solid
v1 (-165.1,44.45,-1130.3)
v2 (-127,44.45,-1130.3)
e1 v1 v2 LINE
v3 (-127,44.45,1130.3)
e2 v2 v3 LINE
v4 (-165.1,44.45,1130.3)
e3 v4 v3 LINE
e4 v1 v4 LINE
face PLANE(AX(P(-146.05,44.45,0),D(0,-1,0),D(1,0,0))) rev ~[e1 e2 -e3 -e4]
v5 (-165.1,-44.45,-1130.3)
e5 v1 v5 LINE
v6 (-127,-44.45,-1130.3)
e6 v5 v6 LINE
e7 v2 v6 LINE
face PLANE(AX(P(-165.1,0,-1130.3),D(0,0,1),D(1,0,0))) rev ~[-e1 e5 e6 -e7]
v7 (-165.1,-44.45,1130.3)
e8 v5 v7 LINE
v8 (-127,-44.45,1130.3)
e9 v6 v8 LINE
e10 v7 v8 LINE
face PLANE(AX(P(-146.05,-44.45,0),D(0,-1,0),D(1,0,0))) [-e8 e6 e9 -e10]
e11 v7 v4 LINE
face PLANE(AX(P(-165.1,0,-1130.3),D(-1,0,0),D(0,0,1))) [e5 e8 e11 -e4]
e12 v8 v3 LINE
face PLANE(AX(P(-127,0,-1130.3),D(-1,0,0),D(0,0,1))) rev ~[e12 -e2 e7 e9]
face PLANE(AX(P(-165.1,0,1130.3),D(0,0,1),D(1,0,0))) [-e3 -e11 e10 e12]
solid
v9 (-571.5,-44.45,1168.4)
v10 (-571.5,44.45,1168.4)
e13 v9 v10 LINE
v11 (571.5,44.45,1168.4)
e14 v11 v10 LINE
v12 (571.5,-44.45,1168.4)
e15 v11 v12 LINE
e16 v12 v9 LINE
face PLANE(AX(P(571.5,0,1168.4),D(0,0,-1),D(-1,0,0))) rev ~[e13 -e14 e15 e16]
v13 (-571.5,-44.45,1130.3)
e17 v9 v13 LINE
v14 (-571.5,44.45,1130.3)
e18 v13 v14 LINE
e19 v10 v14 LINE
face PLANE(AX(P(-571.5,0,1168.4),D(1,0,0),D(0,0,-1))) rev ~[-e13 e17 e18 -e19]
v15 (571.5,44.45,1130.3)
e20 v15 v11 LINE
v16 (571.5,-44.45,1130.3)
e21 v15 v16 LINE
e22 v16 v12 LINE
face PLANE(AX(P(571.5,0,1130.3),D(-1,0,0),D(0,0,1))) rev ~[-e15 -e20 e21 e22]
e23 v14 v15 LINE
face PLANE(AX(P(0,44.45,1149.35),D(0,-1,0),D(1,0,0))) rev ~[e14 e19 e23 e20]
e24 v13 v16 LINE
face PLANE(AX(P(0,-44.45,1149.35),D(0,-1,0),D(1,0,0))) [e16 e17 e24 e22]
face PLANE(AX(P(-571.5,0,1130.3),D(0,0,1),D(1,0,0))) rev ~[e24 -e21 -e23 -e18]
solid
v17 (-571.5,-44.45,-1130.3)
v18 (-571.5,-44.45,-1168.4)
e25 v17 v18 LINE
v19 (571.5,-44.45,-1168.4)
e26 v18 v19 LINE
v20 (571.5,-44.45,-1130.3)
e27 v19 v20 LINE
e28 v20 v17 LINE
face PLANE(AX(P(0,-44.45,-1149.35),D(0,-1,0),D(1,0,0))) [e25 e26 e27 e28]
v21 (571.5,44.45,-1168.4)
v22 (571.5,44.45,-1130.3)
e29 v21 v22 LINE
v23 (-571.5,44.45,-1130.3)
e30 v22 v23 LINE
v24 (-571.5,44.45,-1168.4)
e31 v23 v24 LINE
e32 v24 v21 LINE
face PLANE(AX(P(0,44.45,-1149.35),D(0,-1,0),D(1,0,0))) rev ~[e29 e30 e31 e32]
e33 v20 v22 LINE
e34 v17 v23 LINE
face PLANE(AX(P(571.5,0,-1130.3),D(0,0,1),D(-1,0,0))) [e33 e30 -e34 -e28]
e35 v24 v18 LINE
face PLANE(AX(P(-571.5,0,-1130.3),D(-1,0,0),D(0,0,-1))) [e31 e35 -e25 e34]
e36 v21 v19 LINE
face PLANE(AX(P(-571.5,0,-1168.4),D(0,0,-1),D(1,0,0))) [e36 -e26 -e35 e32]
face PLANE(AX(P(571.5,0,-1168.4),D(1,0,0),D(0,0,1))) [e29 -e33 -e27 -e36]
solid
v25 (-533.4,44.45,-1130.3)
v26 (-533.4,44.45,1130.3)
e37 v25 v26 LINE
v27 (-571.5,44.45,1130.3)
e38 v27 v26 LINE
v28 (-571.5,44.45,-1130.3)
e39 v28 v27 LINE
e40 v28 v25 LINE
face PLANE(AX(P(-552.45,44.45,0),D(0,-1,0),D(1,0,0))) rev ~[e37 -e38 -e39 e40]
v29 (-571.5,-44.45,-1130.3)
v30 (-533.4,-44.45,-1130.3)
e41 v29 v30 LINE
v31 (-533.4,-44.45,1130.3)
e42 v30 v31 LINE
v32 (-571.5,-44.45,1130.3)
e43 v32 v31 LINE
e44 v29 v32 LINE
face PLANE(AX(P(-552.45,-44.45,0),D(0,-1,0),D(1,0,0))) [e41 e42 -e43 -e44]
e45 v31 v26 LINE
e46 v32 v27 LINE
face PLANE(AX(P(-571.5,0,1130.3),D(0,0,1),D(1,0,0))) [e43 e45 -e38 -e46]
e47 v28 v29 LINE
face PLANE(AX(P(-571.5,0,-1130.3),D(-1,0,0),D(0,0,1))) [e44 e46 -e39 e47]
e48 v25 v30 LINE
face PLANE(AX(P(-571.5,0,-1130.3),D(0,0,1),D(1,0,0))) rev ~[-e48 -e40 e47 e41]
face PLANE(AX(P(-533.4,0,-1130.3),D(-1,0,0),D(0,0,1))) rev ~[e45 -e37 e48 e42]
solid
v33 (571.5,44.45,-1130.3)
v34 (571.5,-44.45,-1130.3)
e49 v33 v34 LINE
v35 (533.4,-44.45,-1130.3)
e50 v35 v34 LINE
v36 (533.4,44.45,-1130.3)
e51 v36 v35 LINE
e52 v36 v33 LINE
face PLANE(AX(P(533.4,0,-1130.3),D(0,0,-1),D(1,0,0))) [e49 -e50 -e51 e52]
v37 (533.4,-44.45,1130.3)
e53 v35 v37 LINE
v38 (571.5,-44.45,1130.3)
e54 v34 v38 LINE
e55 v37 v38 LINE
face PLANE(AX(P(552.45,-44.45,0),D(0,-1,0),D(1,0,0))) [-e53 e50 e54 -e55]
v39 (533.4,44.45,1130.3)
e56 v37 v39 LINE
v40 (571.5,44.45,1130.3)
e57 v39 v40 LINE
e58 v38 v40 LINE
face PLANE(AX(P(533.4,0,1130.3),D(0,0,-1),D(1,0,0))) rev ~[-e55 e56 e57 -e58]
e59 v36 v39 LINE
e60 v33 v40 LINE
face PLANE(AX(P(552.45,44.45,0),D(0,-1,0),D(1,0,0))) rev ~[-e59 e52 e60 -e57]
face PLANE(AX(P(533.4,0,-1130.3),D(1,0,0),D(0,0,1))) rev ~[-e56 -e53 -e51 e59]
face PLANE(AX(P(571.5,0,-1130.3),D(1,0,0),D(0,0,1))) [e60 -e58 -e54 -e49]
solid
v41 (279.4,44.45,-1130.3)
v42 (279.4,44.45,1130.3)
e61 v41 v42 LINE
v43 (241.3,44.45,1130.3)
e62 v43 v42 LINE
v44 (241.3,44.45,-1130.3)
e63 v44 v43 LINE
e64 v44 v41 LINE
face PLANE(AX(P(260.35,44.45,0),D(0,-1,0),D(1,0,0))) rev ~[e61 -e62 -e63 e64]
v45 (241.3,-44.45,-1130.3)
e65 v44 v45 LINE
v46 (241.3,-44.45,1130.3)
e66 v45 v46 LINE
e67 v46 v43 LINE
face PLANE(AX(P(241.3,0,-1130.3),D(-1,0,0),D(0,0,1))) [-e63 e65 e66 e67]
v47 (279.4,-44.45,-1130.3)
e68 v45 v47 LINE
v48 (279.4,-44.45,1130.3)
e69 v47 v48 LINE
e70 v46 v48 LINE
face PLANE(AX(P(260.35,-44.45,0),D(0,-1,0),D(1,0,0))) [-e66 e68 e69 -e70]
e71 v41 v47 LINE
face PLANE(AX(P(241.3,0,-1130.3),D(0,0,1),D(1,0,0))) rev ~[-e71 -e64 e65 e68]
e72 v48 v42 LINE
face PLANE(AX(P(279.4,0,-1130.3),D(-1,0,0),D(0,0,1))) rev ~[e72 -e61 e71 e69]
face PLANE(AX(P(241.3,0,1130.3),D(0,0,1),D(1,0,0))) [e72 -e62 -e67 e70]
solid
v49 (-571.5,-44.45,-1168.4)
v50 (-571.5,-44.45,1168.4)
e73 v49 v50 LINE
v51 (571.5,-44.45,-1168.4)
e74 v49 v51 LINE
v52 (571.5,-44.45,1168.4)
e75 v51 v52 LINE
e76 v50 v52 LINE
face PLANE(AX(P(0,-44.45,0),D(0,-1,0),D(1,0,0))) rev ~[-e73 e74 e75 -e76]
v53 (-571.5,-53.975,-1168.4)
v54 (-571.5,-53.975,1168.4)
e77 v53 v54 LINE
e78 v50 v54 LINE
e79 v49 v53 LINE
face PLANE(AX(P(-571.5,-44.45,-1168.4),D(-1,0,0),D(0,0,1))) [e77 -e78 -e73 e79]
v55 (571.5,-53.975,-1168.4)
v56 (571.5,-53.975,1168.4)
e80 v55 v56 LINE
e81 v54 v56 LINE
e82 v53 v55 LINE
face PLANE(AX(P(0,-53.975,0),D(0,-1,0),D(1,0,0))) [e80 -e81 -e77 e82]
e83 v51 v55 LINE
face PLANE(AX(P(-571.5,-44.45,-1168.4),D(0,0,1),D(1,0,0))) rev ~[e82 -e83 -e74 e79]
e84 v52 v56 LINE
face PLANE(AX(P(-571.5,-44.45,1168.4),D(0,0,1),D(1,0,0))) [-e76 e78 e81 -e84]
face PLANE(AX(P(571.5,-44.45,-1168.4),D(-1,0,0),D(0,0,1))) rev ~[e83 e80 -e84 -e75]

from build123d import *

# Parameters (mm, degrees)
F1_DEPTH = 44.45
F0_W     = 38.1
F0_H     = 2260.6
F2_DEPTH = 44.45
F3_W     = 1143
F3_H     = 2336.8
F4_DEPTH = 9.525


with BuildPart() as f1:
    # F0 (on Front) → F1 (new body, symmetric)
    with BuildSketch(Plane.XZ):
        Polygon((-571.5, 1130.3), (-533.4, 1130.3), (-165.1, 1130.3), (-127, 1130.3), (241.3, 1130.3), (279.4, 1130.3), (533.4, 1130.3), (571.5, 1130.3), (571.5, 1168.4), (-571.5, 1168.4), align=None)
        Polygon((-165.1, -1130.3), (-533.4, -1130.3), (-571.5, -1130.3), (-571.5, -1168.4), (571.5, -1168.4), (571.5, -1130.3), (533.4, -1130.3), (279.4, -1130.3), (241.3, -1130.3), (-127, -1130.3), align=None)
    extrude(amount=F1_DEPTH, both=True)


with BuildPart() as f2:
    # F0 (on Front) → F2 (new body, symmetric)
    with BuildSketch(Plane.XZ):
        with Locations((-552.45, 0)):
            Rectangle(F0_W, F0_H)
        with Locations((-146.05, 0)):
            Rectangle(F0_W, F0_H)
        with Locations((260.35, 0)):
            Rectangle(F0_W, F0_H)
        with Locations((552.45, 0)):
            Rectangle(F0_W, F0_H)
    extrude(amount=F2_DEPTH, both=True)


with BuildPart() as f4:
    # F3 (on face) → F4 (new body)
    with BuildSketch(Plane.XZ.offset(44.45)):
        Rectangle(F3_W, F3_H)
    extrude(amount=F4_DEPTH)


solid = Compound([f1.part, f2.part, f4.part])
